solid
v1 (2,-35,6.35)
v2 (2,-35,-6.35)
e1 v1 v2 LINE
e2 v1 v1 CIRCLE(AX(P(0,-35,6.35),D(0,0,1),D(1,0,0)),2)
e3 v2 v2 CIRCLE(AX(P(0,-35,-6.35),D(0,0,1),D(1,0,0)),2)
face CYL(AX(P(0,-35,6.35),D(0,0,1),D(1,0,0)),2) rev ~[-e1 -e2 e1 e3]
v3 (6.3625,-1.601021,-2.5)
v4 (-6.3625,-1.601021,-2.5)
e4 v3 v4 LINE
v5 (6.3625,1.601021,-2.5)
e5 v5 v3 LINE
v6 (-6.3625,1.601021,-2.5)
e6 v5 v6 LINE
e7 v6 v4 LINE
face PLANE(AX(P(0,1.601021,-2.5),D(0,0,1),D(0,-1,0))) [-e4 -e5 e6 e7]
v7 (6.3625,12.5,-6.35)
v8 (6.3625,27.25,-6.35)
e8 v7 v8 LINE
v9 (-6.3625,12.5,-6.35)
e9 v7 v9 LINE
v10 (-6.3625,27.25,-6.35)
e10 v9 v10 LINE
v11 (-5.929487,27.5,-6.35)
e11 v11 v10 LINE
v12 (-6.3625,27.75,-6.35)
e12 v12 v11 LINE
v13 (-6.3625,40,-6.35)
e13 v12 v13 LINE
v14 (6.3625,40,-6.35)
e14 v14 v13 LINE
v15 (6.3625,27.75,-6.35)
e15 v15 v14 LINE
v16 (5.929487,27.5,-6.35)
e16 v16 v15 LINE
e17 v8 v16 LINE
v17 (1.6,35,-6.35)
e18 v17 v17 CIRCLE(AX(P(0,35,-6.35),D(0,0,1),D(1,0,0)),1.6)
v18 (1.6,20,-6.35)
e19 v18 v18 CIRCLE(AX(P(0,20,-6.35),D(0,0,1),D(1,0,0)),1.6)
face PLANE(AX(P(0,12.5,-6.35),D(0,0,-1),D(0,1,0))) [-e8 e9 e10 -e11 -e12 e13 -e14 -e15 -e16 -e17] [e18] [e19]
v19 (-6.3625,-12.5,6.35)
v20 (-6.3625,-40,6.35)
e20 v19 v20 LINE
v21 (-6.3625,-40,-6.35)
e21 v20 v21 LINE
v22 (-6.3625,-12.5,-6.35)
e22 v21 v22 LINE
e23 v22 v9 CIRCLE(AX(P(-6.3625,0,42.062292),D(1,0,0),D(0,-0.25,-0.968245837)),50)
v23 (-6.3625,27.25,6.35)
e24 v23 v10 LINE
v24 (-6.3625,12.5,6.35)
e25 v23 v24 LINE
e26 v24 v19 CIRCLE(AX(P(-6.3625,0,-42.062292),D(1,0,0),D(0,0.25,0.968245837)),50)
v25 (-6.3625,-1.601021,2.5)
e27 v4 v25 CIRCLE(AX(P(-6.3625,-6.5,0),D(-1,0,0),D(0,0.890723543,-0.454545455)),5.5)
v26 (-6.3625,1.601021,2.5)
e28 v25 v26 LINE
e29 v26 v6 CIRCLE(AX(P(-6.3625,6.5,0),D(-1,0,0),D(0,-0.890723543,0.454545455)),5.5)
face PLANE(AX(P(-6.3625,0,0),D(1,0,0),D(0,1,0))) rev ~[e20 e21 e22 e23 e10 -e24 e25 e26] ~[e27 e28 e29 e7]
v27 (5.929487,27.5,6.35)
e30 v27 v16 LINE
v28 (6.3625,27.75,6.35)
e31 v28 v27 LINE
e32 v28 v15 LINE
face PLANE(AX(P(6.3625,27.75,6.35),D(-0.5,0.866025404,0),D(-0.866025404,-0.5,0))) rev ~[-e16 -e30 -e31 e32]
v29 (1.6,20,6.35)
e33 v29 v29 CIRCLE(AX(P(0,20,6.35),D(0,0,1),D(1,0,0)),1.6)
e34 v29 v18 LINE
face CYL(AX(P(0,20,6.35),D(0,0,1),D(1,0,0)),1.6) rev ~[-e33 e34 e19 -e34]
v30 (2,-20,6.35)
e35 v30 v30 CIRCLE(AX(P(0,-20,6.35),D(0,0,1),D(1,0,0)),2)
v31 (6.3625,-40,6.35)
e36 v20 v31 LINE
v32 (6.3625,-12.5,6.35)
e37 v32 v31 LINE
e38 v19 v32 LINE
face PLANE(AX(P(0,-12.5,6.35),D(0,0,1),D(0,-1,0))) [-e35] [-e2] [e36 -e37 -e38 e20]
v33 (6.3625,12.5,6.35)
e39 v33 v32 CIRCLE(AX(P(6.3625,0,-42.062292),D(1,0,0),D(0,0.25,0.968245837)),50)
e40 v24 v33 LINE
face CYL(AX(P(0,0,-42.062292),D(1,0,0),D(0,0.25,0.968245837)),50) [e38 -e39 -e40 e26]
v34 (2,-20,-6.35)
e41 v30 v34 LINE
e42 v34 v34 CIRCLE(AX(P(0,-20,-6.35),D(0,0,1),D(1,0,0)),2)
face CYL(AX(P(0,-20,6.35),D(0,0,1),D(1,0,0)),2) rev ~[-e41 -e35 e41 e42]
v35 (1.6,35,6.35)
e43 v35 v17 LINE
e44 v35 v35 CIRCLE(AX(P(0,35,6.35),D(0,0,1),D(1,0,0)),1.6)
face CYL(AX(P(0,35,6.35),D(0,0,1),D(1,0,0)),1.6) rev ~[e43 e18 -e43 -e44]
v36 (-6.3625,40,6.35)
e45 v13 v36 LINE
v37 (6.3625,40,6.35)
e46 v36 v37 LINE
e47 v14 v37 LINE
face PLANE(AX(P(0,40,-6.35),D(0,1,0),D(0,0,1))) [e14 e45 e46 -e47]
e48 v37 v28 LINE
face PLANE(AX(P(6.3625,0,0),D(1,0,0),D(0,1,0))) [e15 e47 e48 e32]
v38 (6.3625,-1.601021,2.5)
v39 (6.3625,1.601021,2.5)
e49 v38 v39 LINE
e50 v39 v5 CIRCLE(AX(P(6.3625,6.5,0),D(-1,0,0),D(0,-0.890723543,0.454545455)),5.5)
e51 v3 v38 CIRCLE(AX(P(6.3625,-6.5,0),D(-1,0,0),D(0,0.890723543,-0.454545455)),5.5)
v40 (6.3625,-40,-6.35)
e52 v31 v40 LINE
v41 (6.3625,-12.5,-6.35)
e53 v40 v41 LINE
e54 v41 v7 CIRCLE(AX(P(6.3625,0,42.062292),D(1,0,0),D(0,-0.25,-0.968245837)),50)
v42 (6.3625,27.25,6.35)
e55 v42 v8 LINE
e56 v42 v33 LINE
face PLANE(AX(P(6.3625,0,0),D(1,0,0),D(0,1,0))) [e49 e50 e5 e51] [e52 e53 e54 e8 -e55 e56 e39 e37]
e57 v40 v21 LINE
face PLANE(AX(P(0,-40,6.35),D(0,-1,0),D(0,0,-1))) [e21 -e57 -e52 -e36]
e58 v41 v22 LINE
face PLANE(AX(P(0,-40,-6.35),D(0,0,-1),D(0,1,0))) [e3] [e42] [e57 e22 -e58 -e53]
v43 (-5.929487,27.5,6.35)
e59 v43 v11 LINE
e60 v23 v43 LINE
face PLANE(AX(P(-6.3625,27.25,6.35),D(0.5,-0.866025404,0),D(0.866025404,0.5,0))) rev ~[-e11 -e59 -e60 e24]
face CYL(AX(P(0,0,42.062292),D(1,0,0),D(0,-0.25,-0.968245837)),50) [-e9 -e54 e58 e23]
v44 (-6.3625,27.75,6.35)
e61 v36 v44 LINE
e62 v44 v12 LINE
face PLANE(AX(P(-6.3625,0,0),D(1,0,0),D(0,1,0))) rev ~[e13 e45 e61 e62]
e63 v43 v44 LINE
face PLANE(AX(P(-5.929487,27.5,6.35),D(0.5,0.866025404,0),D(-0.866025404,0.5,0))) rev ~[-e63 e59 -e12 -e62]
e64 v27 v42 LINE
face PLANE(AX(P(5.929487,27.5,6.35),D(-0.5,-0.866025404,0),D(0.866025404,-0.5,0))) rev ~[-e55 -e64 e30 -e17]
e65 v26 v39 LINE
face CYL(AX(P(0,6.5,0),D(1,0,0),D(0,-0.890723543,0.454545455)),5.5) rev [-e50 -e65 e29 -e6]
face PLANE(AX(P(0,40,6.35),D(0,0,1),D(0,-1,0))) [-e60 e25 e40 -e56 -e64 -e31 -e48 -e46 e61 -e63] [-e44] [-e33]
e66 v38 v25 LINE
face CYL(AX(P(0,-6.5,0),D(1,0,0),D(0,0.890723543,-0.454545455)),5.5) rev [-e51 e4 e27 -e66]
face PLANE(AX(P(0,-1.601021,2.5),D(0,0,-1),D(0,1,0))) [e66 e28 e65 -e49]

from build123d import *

# Parameters (mm, degrees)
F1_DEPTH = 6.3625
F2_R     = 2
F2_R_2   = 1.6
F3_DEPTH = 14.2887081724


with BuildPart() as f1:
    # F0 (on Right) → F1 (new body, symmetric)
    with BuildSketch(Plane.YZ):
        with BuildLine():
            Line((40, -6.35), (40, 6.35))
            Line((40, 6.35), (12.5, 6.35))
            ThreePointArc((12.5, 6.35), (0, 7.9377081724), (-12.5, 6.35))
            Line((-12.5, 6.35), (-40, 6.35))
            Line((-40, 6.35), (-40, -6.35))
            Line((-40, -6.35), (-12.5, -6.35))
            ThreePointArc((-12.5, -6.35), (0, -7.9377081724), (12.5, -6.35))
            Line((12.5, -6.35), (40, -6.35))
        make_face()
        with BuildLine():
            ThreePointArc((1.6010205144, 2.5), (12, 0), (1.6010205144, -2.5))
            Line((1.6010205144, -2.5), (-1.6010205144, -2.5))
            ThreePointArc((-1.6010205144, -2.5), (-12, 0), (-1.6010205144, 2.5))
            Line((-1.6010205144, 2.5), (1.6010205144, 2.5))
        make_face(mode=Mode.SUBTRACT)
    extrude(amount=F1_DEPTH, both=True)

    # F2 (on face) → F3 (cut, through all)
    with BuildSketch(Plane.XY.offset(6.35)):
        with Locations((0, -20)):
            Circle(F2_R)
        with Locations((0, -35)):
            Circle(F2_R)
        with Locations((0, 20)):
            Circle(F2_R_2)
        with Locations((0, 35)):
            Circle(F2_R_2)
        Polygon((6.3625, 27.25), (6.3625, 27.75), (5.9294872981, 27.5), align=None)
        Polygon((-5.9294872981, 27.5), (-6.3625, 27.75), (-6.3625, 27.25), align=None)
    extrude(amount=-F3_DEPTH, mode=Mode.SUBTRACT)


solid = f1.part
